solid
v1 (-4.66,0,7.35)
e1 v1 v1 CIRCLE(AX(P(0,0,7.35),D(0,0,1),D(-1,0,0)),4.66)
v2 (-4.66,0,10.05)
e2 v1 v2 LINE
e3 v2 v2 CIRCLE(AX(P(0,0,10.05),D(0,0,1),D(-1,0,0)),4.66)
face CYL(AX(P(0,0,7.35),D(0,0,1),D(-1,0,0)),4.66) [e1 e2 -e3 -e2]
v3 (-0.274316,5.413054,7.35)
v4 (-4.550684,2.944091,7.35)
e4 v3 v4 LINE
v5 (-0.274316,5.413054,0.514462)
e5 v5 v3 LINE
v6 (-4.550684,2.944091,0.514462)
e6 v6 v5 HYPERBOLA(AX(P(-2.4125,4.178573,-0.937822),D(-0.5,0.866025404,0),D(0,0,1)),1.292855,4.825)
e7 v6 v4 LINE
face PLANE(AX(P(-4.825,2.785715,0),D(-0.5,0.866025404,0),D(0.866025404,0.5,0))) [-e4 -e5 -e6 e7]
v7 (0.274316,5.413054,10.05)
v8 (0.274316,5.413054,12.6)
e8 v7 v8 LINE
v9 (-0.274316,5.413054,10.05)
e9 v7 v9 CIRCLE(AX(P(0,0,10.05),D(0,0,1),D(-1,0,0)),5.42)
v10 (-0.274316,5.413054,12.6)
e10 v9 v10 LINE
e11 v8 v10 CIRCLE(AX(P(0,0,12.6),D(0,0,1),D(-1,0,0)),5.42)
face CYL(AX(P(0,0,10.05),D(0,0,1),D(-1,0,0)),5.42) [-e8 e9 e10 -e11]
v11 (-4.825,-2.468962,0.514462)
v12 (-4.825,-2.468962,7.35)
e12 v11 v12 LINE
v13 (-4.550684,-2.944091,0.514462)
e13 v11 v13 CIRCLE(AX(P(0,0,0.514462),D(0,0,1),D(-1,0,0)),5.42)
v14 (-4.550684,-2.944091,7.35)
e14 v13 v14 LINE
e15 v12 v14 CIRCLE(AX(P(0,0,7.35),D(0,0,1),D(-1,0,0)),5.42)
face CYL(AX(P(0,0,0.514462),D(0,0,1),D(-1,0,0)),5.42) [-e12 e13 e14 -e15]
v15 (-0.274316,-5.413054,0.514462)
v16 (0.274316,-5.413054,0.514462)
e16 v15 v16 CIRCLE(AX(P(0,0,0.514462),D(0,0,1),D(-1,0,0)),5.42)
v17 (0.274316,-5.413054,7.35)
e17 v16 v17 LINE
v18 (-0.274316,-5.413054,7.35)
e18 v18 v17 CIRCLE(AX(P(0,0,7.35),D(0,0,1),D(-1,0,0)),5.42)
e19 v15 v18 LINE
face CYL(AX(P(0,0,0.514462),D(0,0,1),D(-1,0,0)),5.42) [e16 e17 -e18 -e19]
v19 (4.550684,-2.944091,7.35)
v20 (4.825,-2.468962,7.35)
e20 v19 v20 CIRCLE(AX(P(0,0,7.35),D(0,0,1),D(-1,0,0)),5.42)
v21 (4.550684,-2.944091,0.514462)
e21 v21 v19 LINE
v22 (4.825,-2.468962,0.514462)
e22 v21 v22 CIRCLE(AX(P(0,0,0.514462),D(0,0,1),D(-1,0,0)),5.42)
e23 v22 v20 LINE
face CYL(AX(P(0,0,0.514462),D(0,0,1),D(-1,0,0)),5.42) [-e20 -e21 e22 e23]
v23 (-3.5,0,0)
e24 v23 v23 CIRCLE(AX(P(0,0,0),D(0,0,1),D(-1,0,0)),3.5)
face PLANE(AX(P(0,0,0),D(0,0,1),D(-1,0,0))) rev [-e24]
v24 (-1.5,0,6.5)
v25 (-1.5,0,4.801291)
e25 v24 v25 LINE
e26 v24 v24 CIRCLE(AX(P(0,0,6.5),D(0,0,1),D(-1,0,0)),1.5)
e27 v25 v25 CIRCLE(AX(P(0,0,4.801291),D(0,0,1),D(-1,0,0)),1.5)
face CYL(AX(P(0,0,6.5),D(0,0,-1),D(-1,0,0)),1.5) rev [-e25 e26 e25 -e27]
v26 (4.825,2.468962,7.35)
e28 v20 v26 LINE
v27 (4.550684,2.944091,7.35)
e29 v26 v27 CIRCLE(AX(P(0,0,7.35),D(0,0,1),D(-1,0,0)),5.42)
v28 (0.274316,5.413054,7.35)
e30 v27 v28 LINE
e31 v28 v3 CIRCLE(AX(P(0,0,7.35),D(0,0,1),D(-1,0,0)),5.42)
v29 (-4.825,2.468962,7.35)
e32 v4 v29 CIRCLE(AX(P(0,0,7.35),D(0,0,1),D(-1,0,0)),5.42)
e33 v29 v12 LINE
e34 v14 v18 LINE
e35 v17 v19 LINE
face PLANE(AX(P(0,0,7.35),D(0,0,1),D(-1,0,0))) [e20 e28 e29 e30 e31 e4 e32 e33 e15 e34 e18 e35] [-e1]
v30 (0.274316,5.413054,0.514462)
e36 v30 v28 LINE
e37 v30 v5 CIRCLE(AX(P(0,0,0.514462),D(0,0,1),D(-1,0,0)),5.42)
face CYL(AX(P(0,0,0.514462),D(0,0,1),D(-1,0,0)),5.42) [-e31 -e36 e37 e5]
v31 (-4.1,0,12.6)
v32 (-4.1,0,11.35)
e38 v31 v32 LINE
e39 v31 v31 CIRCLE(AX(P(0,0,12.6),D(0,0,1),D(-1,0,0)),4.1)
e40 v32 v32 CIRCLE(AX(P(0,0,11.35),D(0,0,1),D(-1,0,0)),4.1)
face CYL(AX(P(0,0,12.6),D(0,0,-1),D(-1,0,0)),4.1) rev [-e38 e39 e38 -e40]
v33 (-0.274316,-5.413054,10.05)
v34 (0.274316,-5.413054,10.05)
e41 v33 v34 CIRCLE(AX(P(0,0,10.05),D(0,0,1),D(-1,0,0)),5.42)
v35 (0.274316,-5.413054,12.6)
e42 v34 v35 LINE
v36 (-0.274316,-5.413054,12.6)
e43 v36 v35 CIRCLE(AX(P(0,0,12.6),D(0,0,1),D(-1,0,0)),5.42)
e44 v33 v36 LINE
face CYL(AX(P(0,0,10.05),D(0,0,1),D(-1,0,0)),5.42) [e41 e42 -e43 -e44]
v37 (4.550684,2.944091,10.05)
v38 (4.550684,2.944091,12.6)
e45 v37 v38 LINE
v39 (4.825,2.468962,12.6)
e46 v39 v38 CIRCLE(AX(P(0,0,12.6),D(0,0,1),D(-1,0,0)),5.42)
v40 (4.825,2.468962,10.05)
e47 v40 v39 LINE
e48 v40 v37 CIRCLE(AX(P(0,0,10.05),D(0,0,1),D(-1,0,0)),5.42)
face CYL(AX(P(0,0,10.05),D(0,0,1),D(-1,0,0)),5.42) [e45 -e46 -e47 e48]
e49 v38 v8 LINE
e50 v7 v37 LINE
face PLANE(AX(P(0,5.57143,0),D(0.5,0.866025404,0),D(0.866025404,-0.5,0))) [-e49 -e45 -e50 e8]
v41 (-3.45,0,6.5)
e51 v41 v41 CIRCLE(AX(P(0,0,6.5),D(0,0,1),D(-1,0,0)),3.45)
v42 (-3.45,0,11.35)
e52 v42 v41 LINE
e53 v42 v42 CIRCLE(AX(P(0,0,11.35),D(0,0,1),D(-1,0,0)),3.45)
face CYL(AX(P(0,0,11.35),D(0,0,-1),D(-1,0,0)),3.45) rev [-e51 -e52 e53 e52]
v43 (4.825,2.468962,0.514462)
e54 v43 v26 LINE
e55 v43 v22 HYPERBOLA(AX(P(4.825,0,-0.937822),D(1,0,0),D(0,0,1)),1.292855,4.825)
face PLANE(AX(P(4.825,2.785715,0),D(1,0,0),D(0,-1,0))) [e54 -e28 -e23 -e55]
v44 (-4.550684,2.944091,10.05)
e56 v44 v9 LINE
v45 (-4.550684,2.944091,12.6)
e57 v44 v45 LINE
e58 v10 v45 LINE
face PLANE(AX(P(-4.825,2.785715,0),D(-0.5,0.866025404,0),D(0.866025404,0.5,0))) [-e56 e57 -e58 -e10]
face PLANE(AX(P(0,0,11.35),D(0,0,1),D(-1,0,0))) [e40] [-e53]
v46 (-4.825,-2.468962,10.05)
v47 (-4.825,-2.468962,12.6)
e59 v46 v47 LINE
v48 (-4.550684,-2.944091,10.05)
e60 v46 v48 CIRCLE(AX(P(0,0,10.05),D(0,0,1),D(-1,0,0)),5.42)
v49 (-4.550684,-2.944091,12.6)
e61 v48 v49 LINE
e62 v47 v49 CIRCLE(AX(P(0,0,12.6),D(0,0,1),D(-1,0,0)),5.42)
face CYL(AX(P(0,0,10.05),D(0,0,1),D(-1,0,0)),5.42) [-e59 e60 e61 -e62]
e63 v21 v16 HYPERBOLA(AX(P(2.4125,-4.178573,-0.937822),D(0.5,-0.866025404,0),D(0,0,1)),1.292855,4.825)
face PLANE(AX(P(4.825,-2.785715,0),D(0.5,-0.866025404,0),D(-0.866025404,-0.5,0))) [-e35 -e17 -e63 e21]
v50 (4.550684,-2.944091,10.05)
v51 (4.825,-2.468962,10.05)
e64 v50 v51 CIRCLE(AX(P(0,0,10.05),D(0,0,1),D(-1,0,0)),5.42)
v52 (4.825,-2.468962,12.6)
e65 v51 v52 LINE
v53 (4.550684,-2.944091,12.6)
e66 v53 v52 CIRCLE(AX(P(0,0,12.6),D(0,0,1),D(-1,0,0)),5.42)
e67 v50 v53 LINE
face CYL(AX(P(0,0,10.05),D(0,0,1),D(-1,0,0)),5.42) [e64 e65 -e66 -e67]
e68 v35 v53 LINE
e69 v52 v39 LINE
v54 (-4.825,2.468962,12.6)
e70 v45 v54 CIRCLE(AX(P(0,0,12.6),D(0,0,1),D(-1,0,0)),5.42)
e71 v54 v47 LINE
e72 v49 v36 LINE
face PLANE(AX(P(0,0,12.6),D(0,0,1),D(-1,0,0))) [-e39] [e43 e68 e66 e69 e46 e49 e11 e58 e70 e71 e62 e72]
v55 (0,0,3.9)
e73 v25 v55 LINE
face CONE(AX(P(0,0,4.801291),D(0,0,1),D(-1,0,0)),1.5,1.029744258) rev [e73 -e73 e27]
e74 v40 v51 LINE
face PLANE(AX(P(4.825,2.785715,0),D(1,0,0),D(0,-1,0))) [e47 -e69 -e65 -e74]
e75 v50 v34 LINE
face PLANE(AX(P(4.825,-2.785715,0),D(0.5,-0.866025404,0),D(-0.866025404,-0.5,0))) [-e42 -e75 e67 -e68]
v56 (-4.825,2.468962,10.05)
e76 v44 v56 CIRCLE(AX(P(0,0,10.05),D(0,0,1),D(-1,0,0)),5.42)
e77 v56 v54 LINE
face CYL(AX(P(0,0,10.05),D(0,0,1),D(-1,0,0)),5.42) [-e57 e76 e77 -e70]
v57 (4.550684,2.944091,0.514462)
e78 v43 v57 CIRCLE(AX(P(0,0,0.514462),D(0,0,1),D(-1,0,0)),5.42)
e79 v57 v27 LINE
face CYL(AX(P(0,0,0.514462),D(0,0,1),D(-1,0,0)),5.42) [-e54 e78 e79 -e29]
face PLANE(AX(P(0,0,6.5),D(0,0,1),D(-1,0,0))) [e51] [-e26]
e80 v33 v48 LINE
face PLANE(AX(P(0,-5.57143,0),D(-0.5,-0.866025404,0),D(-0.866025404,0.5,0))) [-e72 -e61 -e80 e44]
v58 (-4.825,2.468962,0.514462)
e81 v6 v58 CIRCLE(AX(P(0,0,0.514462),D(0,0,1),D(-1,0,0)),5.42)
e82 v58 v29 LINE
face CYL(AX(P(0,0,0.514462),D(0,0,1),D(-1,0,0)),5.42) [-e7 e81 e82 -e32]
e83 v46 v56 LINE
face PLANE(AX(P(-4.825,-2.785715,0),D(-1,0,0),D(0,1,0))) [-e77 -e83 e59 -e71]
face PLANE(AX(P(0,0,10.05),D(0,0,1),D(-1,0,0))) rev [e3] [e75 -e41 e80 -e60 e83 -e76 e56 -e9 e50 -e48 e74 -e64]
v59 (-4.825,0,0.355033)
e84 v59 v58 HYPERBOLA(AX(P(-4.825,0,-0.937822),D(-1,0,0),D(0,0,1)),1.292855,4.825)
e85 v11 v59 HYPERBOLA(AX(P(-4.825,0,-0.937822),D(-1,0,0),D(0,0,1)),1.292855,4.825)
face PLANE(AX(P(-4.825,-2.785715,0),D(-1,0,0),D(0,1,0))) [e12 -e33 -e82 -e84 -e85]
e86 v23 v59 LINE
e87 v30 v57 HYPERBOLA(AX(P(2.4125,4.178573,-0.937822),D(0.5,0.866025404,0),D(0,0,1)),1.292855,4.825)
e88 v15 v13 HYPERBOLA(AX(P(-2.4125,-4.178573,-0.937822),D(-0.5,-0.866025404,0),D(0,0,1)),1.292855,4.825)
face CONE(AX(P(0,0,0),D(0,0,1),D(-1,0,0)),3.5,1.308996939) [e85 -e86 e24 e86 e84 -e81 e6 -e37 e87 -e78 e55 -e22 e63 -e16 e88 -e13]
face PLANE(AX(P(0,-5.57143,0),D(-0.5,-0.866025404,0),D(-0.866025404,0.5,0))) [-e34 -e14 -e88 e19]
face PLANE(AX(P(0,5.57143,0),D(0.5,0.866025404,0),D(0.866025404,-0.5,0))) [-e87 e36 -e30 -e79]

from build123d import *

# Parameters (mm, degrees)
SKETCH2_OUTSIDE_W = 16.808
SKETCH2_OUTSIDE_H = 16.808
EXTRUDE2_DEPTH    = 15.748315158


with BuildPart() as part:
    # Sketch1 → Revolve1 (revolve)
    with BuildSketch(Plane(origin=(0, 0, 0), x_dir=(0, 0, -1), z_dir=(1, 0, 0)), mode=Mode.PRIVATE) as revolve1_sk:
        Polygon((0, 0), (0, 3.5), (-0.514462449, 5.42), (-7.35, 5.42), (-7.35, 4.66), (-10.05, 4.66), (-10.05, 5.42), (-12.6, 5.42), (-12.6, 4.1), (-11.35, 4.1), (-11.35, 3.45), (-6.5, 3.45), (-6.5, 1.5), (-4.801290929, 1.5), (-3.9, 0), align=None)
    revolve(revolve1_sk.sketch.rotate(Axis((0, 0, 0), (0, 0, 1)), 90), axis=Axis((0, 0, 0), (0, 0, 1)))

    # Sketch2 outside → Extrude2 (cut, through all)
    with BuildSketch(Plane(origin=(0, 0, 0), x_dir=(-1, 0, 0), z_dir=(0, 0, -1))):
        Rectangle(SKETCH2_OUTSIDE_W, SKETCH2_OUTSIDE_H)
        Polygon((4.825, 2.785715049), (0, 5.571430098), (-4.825, 2.785715049), (-4.825, -2.785715049), (0, -5.571430098), (4.825, -2.785715049), align=None, mode=Mode.SUBTRACT)
    extrude(amount=-EXTRUDE2_DEPTH, mode=Mode.SUBTRACT)


solid = part.part
